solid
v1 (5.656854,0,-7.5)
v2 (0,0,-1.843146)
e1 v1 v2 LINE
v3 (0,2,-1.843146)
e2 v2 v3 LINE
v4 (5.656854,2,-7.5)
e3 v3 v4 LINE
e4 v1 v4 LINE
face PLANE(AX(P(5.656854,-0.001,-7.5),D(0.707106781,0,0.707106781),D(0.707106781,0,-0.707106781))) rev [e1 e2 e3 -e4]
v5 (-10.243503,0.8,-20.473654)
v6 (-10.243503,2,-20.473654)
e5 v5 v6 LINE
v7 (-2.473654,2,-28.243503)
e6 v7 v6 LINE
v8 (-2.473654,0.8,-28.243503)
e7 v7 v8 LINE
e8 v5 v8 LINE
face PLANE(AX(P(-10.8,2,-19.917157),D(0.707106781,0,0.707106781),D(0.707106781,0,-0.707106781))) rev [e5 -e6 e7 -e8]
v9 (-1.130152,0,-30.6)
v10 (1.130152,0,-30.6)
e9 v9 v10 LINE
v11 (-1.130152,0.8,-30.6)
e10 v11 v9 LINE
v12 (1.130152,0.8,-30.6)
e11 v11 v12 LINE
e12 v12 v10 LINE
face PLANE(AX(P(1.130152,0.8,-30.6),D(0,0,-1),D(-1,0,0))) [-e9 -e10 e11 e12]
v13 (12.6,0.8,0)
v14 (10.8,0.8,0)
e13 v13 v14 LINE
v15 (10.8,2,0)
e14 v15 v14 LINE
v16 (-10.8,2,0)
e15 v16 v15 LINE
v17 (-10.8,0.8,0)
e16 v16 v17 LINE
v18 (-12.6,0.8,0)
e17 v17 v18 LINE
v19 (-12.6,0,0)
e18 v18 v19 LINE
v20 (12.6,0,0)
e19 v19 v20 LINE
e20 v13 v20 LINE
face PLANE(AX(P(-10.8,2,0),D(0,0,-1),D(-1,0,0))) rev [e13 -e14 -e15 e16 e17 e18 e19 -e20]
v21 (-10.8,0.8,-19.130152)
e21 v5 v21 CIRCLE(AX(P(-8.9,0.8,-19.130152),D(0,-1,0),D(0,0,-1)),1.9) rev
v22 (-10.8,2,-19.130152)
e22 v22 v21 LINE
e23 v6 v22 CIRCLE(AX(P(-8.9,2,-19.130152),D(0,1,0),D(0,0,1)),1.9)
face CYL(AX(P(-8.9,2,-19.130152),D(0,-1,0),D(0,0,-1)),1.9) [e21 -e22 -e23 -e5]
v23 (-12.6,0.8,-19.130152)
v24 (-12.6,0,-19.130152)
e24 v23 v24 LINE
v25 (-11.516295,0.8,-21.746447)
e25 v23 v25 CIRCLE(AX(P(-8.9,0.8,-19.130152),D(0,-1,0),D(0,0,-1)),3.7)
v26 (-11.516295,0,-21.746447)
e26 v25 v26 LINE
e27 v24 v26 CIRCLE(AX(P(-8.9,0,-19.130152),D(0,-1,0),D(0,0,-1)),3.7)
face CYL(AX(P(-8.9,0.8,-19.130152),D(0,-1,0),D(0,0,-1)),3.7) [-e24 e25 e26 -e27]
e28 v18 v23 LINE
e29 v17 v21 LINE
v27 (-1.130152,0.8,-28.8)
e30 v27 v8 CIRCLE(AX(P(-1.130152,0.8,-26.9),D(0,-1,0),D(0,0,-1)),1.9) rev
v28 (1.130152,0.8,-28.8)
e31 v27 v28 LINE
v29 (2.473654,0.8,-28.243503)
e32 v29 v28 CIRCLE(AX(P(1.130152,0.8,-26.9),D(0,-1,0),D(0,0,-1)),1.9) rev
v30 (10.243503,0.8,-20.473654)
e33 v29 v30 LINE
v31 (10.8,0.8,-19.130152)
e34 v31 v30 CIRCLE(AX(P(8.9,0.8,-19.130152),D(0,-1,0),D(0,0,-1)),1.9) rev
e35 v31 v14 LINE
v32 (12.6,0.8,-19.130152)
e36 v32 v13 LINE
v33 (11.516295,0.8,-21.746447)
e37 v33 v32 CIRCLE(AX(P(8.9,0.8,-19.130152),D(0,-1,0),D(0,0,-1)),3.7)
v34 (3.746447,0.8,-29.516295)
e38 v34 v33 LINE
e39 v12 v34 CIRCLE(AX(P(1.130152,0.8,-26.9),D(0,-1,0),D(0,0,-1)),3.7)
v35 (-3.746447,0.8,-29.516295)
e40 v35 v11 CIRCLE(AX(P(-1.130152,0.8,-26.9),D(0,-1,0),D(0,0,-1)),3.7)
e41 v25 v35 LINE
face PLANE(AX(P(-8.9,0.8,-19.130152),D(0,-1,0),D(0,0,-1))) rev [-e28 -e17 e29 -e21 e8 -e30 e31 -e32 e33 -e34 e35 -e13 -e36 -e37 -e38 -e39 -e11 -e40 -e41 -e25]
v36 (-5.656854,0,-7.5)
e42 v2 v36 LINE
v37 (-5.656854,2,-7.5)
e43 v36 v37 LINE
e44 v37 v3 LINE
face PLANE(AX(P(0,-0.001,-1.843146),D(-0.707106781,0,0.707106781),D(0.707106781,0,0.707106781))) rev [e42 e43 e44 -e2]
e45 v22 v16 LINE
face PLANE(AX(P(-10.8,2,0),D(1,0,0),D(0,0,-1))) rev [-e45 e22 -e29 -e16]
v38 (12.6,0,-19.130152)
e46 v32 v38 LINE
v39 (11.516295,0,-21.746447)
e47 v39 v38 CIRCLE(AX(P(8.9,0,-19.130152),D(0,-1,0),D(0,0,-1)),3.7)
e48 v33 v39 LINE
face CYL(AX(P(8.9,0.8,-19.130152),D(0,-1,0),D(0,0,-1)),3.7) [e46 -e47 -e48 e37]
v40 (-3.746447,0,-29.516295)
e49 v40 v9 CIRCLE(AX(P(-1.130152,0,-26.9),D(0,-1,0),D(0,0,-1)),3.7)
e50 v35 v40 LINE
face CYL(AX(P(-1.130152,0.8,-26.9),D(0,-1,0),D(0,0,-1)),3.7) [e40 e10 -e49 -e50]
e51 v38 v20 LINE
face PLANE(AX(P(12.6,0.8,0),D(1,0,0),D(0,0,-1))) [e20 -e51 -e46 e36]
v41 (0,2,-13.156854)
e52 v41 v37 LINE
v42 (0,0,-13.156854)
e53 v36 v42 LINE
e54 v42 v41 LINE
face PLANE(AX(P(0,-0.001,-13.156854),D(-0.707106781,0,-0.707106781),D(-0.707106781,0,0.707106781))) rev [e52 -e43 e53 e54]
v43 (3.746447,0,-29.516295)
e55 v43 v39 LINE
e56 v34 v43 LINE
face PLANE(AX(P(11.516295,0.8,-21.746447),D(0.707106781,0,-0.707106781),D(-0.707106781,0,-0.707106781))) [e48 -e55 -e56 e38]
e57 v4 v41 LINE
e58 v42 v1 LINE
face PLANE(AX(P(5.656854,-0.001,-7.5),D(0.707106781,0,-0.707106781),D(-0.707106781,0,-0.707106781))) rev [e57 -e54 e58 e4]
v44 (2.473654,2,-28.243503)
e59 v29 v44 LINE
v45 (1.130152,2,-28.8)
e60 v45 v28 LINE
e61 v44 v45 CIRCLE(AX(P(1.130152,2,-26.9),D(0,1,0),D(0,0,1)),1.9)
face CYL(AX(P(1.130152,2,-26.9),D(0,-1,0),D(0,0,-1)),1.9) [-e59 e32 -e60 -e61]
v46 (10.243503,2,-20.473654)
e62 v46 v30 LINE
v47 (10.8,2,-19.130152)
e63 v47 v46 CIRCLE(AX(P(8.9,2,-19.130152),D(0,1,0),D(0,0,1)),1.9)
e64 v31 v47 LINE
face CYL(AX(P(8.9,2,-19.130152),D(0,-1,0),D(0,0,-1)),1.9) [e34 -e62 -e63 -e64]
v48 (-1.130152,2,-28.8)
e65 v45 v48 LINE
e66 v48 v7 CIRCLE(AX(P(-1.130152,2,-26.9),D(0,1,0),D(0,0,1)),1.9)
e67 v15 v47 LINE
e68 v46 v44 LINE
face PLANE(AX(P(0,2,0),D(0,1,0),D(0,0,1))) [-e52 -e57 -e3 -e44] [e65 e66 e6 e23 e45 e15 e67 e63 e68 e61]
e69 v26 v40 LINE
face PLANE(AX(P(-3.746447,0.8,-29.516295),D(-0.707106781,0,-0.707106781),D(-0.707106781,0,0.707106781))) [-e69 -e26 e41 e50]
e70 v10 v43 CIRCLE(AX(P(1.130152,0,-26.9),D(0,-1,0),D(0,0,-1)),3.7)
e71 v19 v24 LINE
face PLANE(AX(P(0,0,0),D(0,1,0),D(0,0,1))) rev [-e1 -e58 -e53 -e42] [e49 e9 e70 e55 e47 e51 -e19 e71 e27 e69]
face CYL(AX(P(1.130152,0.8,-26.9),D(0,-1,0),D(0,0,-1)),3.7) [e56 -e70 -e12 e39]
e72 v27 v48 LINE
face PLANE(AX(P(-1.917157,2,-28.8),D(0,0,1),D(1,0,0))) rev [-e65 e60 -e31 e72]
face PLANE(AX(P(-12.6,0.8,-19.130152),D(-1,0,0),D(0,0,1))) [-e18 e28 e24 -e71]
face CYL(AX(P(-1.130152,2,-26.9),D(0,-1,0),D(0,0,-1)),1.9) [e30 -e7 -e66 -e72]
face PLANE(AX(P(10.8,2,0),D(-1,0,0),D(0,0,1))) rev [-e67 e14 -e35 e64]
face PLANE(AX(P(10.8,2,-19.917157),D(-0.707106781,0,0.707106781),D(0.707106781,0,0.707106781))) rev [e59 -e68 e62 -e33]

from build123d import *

# Parameters (mm, degrees)
BOSS_EXTRUDE1_DEPTH = 2
FILLET1_R           = 1.9
BOSS_EXTRUDE2_DEPTH = 0.8
CUT_EXTRUDE1_REACH  = 35.153


with BuildPart() as part:
    # Sketch1 → Boss-Extrude1 (new body)
    with BuildSketch(Plane(origin=(0, 0, 0), x_dir=(1, 0, 0), z_dir=(0, 1, 0))):
        Polygon((-10.8, 0), (-10.8, 19.917157288), (-1.917157288, 28.8), (1.917157288, 28.8), (10.8, 19.917157288), (10.8, 0), align=None)
    extrude(amount=BOSS_EXTRUDE1_DEPTH)

    # Fillet1
    fillet1_edges = [part.edges().sort_by_distance(p)[0] for p in [
        (-10.8, 1, -19.917157288),
        (-1.917157288, 1, -28.8),
        (1.917157288, 1, -28.8),
        (10.8, 1, -19.917157288),
    ]]
    fillet(fillet1_edges, radius=FILLET1_R)

    # Sketch2 → Boss-Extrude2 (add)
    with BuildSketch(Plane.XZ):
        with BuildLine():
            Line((12.6, 0), (-12.6, 0))
            Line((-12.6, 0), (-12.6, -19.130151519))
            ThreePointArc((-12.6, -19.130151519), (-12.31835427, -20.546080219), (-11.51629509, -21.746446609))
            Line((-11.51629509, -21.746446609), (-3.746446609, -29.51629509))
            ThreePointArc((-3.746446609, -29.51629509), (-2.546080219, -30.31835427), (-1.130151519, -30.6))
            Line((-1.130151519, -30.6), (1.130151519, -30.6))
            ThreePointArc((1.130151519, -30.6), (2.546080219, -30.31835427), (3.746446609, -29.51629509))
            Line((3.746446609, -29.51629509), (11.51629509, -21.746446609))
            ThreePointArc((11.51629509, -21.746446609), (12.31835427, -20.546080219), (12.6, -19.130151519))
            Line((12.6, -19.130151519), (12.6, 0))
        make_face()
    extrude(amount=-BOSS_EXTRUDE2_DEPTH)

    # Sketch3 → Cut-Extrude1 (cut, up to next)
    with BuildSketch(Plane(origin=(0, 2, 0), x_dir=(1, 0, 0), z_dir=(0, 1, 0)), mode=Mode.PRIVATE) as cut_extrude1_sk1:
        Polygon((5.656854249, 7.5), (0, 13.156854249), (-5.656854249, 7.5), (0, 1.843145751), align=None)
    cut_extrude1_tool1 = extrude(cut_extrude1_sk1.sketch, amount=-CUT_EXTRUDE1_REACH, mode=Mode.PRIVATE) & part.part
    add(cut_extrude1_tool1.solids().sort_by_distance((0, 2, -7.5))[0], mode=Mode.SUBTRACT)


solid = part.part
